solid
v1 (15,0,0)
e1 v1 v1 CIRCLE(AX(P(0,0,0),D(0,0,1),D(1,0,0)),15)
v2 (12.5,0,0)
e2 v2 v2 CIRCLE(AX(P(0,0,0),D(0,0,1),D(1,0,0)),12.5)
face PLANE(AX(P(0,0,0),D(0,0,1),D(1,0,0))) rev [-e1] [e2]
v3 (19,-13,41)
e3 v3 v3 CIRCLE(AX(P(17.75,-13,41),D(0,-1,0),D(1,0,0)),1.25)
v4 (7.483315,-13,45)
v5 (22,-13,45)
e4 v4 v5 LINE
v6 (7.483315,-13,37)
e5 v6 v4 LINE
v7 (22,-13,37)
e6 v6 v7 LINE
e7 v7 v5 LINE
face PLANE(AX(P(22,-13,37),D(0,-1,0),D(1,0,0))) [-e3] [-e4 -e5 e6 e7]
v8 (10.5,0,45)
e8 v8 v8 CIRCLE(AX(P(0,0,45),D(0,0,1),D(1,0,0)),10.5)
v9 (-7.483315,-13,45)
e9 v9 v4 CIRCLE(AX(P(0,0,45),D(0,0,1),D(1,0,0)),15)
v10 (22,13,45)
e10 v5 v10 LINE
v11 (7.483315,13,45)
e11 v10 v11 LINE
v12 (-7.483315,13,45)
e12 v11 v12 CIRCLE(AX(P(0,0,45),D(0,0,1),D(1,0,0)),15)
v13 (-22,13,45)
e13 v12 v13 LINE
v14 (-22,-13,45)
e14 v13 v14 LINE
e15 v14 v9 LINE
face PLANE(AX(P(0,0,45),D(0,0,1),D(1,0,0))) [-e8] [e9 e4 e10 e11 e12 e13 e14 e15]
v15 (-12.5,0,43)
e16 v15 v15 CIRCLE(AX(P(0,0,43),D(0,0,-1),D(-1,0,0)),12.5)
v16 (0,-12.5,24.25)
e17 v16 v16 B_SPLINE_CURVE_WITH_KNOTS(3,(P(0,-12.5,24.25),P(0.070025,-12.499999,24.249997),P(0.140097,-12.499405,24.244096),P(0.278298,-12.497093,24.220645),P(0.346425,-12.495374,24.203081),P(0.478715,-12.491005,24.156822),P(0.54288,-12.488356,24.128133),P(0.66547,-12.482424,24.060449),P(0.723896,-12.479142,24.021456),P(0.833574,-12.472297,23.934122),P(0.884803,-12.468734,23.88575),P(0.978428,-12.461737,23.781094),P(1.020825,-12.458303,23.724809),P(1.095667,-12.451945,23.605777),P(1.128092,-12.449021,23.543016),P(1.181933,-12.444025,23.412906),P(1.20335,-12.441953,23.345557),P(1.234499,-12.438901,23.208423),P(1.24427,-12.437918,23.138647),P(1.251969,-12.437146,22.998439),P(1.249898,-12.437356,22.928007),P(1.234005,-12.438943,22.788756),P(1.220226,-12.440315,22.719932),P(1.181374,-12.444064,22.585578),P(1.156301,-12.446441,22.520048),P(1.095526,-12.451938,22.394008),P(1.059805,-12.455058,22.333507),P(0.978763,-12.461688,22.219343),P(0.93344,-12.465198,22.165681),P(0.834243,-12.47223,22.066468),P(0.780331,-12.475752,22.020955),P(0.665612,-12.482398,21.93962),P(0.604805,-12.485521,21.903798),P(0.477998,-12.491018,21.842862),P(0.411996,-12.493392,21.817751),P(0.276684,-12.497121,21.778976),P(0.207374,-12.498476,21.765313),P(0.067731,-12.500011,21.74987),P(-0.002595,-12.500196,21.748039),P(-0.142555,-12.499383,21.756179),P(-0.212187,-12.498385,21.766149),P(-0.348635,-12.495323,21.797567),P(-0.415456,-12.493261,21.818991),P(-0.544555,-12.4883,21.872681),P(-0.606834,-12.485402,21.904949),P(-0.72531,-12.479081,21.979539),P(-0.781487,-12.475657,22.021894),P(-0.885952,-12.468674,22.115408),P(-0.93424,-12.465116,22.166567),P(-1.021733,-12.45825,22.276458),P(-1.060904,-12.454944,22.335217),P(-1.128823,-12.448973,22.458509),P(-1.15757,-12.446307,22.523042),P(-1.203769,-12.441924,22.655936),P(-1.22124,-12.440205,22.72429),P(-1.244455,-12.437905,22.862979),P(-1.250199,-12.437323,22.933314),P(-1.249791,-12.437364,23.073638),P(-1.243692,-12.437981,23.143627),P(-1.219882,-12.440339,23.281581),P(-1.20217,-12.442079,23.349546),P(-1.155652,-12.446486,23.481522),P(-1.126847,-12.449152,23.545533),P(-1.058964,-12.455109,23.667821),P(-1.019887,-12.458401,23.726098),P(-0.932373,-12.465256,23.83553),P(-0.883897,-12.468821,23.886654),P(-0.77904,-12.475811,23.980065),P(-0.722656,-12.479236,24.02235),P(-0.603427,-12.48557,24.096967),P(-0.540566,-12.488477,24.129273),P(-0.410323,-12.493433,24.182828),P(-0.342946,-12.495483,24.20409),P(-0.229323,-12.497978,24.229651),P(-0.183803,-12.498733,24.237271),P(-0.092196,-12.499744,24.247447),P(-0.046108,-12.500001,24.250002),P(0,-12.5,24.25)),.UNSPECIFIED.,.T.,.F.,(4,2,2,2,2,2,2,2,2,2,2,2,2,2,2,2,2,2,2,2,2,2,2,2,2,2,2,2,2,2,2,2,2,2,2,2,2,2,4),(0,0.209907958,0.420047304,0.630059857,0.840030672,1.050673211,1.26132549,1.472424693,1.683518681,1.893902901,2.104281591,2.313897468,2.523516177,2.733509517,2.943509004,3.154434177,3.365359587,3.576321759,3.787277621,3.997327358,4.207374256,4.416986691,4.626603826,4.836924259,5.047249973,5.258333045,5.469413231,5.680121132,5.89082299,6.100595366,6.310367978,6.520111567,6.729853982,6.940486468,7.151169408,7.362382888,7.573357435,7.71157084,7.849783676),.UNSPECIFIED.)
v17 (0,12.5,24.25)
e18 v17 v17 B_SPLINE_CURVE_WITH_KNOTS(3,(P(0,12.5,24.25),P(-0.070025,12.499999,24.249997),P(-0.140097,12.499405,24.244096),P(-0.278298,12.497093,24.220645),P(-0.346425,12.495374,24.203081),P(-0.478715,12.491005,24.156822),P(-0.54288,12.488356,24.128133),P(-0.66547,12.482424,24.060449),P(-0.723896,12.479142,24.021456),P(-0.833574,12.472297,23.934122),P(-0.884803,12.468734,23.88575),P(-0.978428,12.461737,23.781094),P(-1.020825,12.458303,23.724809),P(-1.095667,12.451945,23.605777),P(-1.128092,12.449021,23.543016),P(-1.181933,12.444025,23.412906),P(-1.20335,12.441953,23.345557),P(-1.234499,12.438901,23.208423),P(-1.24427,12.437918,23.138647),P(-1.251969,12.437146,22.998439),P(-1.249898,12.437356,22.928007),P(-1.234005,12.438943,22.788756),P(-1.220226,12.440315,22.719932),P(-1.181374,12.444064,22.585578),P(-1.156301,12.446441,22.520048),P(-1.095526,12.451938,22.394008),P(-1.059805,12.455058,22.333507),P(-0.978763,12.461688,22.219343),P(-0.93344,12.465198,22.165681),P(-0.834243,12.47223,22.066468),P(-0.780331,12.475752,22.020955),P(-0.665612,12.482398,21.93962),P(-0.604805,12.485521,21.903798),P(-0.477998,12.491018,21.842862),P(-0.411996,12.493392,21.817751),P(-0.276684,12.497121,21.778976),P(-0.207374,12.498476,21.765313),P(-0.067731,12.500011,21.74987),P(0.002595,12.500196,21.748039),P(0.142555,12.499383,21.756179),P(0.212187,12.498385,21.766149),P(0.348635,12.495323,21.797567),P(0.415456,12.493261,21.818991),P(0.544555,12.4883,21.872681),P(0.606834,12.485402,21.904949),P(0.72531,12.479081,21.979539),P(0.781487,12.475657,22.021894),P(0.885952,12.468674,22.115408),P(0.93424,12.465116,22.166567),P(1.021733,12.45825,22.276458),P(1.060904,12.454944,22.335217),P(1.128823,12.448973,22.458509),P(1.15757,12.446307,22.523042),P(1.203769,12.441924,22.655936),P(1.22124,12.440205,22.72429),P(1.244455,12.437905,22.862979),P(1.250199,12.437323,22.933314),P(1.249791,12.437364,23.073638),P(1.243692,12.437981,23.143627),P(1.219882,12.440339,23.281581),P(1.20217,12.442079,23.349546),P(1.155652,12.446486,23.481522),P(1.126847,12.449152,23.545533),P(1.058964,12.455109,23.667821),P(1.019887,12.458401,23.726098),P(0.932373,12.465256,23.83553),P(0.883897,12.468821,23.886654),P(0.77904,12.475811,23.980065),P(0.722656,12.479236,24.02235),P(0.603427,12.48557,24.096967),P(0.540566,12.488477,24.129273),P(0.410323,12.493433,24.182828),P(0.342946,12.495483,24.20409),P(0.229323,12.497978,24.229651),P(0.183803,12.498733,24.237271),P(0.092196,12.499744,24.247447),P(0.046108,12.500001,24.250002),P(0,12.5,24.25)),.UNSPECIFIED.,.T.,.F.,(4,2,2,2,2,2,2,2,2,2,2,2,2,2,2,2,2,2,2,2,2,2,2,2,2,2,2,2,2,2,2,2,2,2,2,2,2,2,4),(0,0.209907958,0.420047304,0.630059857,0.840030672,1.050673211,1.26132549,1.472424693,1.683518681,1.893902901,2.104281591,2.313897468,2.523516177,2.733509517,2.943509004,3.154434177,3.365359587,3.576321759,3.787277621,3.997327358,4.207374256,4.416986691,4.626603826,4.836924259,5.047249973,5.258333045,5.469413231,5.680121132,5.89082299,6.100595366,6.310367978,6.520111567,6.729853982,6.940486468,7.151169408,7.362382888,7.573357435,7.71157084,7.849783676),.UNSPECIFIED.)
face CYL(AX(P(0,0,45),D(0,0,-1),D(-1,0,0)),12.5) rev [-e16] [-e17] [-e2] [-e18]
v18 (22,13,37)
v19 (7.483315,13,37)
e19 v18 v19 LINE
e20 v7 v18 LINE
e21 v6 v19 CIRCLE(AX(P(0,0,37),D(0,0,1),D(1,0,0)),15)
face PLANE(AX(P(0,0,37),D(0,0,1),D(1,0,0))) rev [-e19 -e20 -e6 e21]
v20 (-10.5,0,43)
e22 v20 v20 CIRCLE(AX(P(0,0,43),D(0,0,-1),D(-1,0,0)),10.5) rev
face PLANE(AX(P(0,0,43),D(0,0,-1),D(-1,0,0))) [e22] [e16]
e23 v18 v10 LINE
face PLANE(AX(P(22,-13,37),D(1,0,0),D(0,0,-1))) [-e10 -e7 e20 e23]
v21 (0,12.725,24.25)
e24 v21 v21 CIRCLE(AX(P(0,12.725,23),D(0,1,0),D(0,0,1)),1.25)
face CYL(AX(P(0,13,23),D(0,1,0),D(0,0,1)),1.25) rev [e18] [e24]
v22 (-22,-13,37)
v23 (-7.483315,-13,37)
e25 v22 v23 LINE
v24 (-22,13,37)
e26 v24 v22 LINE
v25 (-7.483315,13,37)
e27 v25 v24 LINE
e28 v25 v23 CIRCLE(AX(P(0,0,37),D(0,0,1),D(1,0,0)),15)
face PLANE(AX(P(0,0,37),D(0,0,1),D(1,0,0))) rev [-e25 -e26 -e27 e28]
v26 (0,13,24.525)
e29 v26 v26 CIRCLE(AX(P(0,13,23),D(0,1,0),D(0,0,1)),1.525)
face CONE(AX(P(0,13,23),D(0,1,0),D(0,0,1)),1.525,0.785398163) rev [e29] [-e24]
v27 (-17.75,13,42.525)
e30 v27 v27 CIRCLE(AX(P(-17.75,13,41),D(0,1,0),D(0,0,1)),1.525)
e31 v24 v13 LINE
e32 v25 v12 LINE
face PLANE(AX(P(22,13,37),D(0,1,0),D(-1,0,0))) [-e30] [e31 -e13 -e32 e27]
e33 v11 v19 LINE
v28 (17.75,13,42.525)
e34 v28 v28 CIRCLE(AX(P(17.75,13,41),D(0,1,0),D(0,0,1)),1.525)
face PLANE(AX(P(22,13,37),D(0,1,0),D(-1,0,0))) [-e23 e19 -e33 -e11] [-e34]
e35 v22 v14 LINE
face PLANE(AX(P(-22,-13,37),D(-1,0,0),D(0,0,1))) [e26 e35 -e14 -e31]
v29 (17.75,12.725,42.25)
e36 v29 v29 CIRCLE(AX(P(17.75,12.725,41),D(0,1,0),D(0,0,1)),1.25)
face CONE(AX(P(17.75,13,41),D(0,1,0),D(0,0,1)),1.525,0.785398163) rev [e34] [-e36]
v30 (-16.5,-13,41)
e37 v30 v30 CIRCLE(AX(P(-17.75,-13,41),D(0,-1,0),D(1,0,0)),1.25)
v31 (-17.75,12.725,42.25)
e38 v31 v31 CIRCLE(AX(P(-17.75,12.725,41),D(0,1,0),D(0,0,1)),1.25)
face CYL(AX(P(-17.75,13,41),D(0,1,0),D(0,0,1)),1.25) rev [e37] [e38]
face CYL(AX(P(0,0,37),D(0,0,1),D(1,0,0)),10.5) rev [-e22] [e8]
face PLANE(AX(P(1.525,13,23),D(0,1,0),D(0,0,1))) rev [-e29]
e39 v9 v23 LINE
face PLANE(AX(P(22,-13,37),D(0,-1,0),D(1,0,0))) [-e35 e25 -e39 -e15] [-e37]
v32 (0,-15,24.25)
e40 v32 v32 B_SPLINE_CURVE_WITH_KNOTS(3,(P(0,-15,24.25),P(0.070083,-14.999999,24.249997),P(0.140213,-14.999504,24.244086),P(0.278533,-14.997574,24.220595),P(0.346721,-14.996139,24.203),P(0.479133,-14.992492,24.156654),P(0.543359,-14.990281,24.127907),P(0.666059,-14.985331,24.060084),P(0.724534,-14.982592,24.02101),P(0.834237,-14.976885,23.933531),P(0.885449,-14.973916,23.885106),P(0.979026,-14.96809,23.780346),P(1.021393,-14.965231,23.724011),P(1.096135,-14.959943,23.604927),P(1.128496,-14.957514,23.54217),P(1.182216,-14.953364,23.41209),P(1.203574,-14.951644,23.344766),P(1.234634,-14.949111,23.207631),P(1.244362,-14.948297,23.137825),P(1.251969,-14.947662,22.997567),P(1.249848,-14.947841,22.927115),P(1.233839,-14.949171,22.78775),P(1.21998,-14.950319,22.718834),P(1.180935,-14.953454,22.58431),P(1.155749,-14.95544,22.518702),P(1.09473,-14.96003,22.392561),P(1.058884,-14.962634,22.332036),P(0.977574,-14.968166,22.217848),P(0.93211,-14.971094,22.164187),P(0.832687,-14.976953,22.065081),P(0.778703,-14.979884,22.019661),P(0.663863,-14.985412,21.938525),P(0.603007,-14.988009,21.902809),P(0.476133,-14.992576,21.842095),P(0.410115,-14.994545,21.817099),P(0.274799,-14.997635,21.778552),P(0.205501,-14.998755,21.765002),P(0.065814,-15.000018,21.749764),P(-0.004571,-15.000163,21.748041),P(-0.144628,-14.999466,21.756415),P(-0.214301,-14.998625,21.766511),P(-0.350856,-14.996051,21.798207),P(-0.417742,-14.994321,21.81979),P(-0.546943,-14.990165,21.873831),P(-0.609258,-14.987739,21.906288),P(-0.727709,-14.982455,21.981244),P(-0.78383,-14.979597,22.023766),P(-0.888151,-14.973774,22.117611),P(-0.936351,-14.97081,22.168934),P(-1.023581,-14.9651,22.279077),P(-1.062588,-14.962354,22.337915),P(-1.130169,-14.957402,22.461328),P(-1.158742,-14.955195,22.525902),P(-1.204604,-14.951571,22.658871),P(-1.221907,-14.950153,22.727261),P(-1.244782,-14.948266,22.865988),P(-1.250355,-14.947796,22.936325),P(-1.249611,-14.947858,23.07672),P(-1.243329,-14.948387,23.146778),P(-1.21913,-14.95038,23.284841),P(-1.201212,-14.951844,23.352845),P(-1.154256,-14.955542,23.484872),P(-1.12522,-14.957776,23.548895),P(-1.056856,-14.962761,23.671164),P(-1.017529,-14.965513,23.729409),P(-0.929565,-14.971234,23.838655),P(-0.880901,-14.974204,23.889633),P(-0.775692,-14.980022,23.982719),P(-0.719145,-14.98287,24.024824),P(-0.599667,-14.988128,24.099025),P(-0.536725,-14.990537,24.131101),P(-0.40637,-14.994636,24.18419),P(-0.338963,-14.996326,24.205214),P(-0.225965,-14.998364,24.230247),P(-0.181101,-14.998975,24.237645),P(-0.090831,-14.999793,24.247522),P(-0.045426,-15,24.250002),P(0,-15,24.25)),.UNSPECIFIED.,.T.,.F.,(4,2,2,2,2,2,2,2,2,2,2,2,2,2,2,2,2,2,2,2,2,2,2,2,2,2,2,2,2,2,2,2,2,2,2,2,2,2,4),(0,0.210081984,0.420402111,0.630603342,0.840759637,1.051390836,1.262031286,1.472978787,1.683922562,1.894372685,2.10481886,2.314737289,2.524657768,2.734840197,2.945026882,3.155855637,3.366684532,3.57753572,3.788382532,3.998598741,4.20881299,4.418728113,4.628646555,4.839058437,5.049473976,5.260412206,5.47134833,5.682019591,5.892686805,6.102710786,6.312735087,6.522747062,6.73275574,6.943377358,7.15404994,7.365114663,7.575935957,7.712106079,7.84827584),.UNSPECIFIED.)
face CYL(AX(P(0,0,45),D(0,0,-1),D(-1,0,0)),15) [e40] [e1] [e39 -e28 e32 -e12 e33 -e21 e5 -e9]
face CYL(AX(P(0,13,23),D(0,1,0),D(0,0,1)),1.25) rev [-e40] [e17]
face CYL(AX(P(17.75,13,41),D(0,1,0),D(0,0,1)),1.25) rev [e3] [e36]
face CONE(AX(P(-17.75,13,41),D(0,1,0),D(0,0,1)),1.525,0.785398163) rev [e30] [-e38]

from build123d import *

# Parameters (mm, degrees)
SKETCH_1_R                  = 15
SKETCH_1_R_2                = 12.5
EXTRUDE_1_DEPTH             = 45
SKETCH_2_W                  = 44
SKETCH_2_H                  = 26
SKETCH_2_R                  = 10.5
EXTRUDE_2_DEPTH             = 8
HOLE_WIZARD_M3_1_AT_2_COUNT = 2
HOLE_WIZARD_M3_1_AT_2_PITCH = 35.5
HOLE_WIZARD_M3_1_AT_3_COUNT = 2
HOLE_WIZARD_M3_1_AT_3_PITCH = 25.27968552
SKETCH_6_R                  = 12.5
CUT_EXTRUDE_1_DEPTH         = 43


with BuildPart() as part:
    # 草图1 → 凸台-拉伸1 (new body)
    with BuildSketch(Plane.XY):
        with Locations(Location((0, 0, 0), (0, 0, 180))):
            Circle(SKETCH_1_R)
        with Locations(Location((0, 0, 0), (0, 0, 180))):
            Circle(SKETCH_1_R_2, mode=Mode.SUBTRACT)
    extrude(amount=EXTRUDE_1_DEPTH)

    # 草图2 → 凸台-拉伸2 (add)
    with BuildSketch(Plane.XY.offset(45)):
        Rectangle(SKETCH_2_W, SKETCH_2_H)
        Circle(SKETCH_2_R, mode=Mode.SUBTRACT)
    extrude(amount=-EXTRUDE_2_DEPTH)

    # 草图5 → M3 螺纹孔1 (revolve, cut)
    with BuildSketch(Plane(origin=(-17.75, 13, 41), x_dir=(0, 0, 1), z_dir=(1, 0, 0))):
        Polygon((0, 0), (0, 28), (1.25, 28), (1.25, 0.275), (1.525, 0), align=None)
    hole_wizard_m3_1 = revolve(axis=Axis((-17.75, 19.35, 41), (0, -1, 0)), mode=Mode.SUBTRACT)

    # M3 螺纹孔1 at 2: M3 螺纹孔1 ×2
    with Locations(*[(i * HOLE_WIZARD_M3_1_AT_2_PITCH, 0, 0) for i in range(1, HOLE_WIZARD_M3_1_AT_2_COUNT)]):
        add(hole_wizard_m3_1, mode=Mode.SUBTRACT)

    # M3 螺纹孔1 at 3: M3 螺纹孔1 ×2
    with Locations(*[Vector(0.7021448105364914, 0, -0.7120341740651741) * (i * HOLE_WIZARD_M3_1_AT_3_PITCH) for i in range(1, HOLE_WIZARD_M3_1_AT_3_COUNT)]):
        add(hole_wizard_m3_1, mode=Mode.SUBTRACT)

    # 草图6 → 切除-拉伸1 (cut)
    with BuildSketch(Plane(origin=(0, 0, 0), x_dir=(-1, 0, 0), z_dir=(0, 0, -1))):
        Circle(SKETCH_6_R)
    extrude(amount=-CUT_EXTRUDE_1_DEPTH, mode=Mode.SUBTRACT)


solid = part.part
